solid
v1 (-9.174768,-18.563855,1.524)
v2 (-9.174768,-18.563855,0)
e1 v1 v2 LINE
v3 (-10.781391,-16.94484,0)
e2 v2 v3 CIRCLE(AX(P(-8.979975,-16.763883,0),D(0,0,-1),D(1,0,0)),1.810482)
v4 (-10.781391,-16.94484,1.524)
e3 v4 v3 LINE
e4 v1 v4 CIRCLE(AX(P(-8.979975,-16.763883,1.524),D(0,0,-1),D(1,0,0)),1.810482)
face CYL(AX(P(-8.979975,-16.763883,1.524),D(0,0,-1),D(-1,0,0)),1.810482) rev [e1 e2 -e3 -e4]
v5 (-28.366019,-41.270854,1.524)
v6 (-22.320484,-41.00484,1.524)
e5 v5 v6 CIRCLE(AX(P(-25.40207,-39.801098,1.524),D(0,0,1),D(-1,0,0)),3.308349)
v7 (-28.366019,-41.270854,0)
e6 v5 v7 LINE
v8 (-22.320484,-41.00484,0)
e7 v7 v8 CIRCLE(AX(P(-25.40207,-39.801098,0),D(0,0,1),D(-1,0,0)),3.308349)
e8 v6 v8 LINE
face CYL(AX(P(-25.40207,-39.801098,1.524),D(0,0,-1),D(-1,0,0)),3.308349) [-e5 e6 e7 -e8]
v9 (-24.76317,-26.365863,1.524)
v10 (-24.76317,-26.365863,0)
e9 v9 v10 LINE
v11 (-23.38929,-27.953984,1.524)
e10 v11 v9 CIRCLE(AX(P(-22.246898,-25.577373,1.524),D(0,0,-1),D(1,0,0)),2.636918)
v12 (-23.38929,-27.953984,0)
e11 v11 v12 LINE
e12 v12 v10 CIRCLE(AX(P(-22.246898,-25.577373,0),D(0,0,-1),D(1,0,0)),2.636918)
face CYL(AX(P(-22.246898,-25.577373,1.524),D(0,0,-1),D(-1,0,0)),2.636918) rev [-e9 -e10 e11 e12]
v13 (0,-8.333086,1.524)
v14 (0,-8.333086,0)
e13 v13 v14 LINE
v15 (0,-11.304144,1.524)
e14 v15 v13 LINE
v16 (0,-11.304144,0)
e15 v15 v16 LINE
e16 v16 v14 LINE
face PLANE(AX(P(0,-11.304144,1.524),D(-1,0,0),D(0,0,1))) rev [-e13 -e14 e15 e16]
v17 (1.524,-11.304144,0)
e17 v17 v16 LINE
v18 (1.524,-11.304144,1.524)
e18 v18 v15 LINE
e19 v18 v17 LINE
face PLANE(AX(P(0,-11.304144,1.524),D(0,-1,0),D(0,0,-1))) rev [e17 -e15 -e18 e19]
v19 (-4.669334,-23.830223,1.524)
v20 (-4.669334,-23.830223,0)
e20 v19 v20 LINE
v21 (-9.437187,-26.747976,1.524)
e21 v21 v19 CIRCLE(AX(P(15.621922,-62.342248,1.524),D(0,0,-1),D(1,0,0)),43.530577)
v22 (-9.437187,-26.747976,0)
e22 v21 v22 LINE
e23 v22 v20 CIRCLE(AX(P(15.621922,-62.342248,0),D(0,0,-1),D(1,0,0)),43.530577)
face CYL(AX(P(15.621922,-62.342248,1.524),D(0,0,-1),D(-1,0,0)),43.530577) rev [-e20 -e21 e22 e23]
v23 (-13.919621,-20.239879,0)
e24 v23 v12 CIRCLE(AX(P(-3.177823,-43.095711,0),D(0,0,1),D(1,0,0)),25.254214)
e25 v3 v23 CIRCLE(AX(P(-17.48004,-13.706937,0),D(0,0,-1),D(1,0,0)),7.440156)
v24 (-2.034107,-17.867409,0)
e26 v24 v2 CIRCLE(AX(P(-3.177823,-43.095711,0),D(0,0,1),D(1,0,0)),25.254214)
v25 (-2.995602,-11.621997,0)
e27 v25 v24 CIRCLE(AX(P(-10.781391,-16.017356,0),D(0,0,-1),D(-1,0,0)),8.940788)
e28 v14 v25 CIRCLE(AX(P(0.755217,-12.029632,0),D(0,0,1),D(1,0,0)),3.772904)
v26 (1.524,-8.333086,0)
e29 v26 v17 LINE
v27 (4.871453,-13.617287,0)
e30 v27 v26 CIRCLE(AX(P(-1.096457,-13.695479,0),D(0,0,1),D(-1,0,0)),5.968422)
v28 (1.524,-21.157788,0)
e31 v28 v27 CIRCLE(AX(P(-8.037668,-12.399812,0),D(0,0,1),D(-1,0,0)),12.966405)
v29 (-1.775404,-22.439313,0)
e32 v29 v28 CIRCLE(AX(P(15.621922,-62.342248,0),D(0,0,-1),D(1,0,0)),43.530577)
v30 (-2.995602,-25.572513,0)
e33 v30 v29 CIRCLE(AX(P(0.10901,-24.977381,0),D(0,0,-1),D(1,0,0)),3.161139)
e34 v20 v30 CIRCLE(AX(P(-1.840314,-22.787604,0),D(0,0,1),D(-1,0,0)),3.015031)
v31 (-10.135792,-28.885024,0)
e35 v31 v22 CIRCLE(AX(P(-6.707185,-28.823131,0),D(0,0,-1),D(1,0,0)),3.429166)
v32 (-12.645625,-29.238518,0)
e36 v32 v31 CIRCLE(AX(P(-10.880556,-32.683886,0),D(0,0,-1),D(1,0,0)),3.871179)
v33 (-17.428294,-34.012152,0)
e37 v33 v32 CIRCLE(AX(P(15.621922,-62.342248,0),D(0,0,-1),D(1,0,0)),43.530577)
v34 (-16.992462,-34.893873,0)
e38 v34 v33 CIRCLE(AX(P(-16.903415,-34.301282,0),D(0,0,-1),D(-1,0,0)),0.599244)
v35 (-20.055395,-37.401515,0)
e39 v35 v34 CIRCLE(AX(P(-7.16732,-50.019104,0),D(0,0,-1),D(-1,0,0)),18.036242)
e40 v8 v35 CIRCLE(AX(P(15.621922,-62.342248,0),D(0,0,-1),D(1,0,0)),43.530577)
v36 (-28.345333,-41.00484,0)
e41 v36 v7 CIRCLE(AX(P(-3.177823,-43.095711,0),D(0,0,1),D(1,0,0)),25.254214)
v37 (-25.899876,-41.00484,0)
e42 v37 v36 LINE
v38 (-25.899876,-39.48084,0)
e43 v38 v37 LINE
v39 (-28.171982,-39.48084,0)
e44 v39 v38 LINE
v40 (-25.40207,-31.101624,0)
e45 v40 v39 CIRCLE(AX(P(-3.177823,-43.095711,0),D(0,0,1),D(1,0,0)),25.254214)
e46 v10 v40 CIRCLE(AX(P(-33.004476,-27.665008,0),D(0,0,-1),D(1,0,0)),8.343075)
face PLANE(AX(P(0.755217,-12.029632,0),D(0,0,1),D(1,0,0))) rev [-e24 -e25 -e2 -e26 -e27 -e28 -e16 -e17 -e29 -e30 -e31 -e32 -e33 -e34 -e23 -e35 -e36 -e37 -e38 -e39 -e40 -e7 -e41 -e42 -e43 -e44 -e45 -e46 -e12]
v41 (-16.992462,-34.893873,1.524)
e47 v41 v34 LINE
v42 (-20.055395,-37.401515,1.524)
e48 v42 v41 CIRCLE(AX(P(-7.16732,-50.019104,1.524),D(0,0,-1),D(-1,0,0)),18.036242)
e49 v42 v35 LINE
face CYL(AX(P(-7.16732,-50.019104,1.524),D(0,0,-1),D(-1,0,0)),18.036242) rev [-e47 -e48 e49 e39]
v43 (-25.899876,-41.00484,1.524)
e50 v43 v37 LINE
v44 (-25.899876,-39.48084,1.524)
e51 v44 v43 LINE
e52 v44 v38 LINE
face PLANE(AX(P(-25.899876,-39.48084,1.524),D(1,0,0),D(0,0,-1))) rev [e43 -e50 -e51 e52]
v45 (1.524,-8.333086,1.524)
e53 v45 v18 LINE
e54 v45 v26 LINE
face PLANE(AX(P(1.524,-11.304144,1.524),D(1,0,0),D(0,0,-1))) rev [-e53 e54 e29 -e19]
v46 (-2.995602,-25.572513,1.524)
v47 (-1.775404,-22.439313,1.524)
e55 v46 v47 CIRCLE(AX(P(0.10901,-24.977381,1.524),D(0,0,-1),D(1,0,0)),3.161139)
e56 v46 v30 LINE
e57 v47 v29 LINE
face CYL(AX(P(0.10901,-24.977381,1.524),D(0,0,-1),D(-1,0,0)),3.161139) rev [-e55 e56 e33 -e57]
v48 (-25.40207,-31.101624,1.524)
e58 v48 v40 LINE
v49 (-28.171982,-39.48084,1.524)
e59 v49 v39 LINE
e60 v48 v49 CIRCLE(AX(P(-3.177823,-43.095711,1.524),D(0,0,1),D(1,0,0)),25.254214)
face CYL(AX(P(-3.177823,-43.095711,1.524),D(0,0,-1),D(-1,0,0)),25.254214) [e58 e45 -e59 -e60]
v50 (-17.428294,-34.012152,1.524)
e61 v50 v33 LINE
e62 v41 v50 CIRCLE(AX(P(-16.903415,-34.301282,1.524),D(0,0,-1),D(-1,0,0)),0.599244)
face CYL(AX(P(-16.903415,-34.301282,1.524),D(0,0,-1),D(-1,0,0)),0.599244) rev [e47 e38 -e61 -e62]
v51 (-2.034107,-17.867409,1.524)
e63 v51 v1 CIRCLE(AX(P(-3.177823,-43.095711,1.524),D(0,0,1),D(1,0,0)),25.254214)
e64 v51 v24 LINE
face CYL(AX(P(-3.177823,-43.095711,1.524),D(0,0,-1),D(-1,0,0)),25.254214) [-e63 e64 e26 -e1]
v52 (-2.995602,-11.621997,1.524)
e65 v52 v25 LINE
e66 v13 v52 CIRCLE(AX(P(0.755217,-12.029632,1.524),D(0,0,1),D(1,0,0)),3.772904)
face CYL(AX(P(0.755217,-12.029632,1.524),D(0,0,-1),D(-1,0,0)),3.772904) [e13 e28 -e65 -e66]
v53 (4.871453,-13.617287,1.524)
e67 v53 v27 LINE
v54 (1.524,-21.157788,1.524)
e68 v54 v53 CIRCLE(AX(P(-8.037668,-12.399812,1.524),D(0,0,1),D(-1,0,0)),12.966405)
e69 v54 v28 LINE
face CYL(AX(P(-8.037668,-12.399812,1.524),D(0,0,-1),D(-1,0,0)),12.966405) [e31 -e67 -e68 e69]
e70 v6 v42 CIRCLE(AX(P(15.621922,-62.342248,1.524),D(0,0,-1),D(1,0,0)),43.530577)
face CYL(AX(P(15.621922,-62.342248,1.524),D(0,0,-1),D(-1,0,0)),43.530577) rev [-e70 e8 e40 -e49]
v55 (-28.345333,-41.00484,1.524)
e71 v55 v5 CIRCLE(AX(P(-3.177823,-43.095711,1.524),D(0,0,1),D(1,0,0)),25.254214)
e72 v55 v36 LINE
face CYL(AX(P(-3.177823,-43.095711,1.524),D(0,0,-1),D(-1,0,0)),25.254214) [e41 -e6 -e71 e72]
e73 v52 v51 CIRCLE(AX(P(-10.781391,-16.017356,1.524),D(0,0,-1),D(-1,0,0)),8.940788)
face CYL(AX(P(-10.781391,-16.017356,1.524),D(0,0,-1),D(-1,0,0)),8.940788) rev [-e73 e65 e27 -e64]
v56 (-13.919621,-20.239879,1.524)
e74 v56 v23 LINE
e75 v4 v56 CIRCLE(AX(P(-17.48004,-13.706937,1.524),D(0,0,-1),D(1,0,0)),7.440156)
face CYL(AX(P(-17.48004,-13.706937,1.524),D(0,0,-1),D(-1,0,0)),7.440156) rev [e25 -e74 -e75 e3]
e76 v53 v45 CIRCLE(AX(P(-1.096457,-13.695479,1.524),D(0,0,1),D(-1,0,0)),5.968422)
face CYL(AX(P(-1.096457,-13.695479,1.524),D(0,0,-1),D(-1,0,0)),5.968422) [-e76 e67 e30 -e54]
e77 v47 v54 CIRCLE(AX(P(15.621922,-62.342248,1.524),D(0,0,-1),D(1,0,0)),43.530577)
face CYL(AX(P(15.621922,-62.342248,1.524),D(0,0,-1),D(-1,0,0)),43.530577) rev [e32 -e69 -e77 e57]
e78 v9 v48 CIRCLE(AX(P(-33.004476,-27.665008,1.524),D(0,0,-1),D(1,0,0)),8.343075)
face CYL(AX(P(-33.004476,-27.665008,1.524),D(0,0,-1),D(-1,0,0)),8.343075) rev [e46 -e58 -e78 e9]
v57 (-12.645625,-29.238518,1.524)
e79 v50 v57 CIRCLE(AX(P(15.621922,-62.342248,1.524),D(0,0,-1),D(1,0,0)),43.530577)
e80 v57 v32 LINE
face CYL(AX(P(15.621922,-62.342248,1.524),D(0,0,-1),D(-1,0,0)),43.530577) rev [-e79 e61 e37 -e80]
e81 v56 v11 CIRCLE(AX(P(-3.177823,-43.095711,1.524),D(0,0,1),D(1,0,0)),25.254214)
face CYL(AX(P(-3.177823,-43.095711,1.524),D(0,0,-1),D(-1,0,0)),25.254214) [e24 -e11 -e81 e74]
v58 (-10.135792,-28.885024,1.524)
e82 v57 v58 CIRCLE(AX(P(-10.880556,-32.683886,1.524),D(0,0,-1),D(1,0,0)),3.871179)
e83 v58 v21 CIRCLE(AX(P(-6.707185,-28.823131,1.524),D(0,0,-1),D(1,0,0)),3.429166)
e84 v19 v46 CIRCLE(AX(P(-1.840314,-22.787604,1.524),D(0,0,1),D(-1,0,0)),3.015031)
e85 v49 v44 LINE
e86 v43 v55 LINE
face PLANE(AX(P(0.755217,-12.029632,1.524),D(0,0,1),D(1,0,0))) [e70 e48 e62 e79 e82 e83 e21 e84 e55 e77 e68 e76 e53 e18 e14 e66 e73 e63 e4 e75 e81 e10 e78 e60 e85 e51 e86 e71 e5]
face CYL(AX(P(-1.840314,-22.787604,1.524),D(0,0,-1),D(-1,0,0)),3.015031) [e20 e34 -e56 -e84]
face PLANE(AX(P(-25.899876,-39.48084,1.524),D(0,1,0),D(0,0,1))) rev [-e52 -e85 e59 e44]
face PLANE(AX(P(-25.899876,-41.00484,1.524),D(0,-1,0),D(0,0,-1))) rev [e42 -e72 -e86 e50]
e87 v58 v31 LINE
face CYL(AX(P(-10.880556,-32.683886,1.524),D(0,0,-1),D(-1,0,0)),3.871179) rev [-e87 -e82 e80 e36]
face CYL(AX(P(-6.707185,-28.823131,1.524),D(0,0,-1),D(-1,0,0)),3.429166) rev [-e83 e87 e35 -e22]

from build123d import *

# Parameters (mm, degrees)
BOSS_EXTRUDE1_DEPTH = 1.524


with BuildPart() as part:
    # Sketch1 → Boss-Extrude1 (new body)
    with BuildSketch(Plane.XY):
        with BuildLine():
            Line((0, -11.304143944), (1.524, -11.304143944))
            Line((1.524, -11.304143944), (1.524, -8.333085901))
            ThreePointArc((1.524, -8.333085901), (3.945438138, -10.501523778), (4.87145261, -13.617287357))
            ThreePointArc((4.87145261, -13.617287357), (3.813444714, -17.660873454), (1.524, -21.157788112))
            ThreePointArc((1.524, -21.157788112), (-0.138732581, -21.765001835), (-1.77540365, -22.4393133))
            ThreePointArc((-1.77540365, -22.4393133), (-2.836636029, -23.830223279), (-2.99560227, -25.572513285))
            ThreePointArc((-2.99560227, -25.572513285), (-4.014612166, -24.876344883), (-4.669334398, -23.830223279))
            ThreePointArc((-4.669334398, -23.830223279), (-7.100142825, -25.212490369), (-9.437186958, -26.747976168))
            ThreePointArc((-9.437186958, -26.747976168), (-9.966611367, -27.75761792), (-10.13579223, -28.885024017))
            ThreePointArc((-10.13579223, -28.885024017), (-11.420458761, -28.850541305), (-12.64562455, -29.238518038))
            ThreePointArc((-12.64562455, -29.238518038), (-15.129726879, -31.532392213), (-17.428294378, -34.012152396))
            ThreePointArc((-17.428294378, -34.012152396), (-17.440615342, -34.566818357), (-16.992461897, -34.893872824))
            ThreePointArc((-16.992461897, -34.893872824), (-18.592932451, -36.063409356), (-20.055394787, -37.401514587))
            ThreePointArc((-20.055394787, -37.401514587), (-21.23200408, -39.175477677), (-22.32048354, -41.004840118))
            ThreePointArc((-22.32048354, -41.004840118), (-25.256637968, -43.106248561), (-28.366018586, -41.270854206))
            ThreePointArc((-28.366018586, -41.270854206), (-28.356027092, -41.137819843), (-28.345332967, -41.004840118))
            Line((-28.345332967, -41.004840118), (-25.899875794, -41.004840118))
            Line((-25.899875794, -41.004840118), (-25.899875794, -39.480840118))
            Line((-25.899875794, -39.480840118), (-28.171982443, -39.480840118))
            ThreePointArc((-28.171982443, -39.480840118), (-27.155881735, -35.169299836), (-25.402070376, -31.10162409))
            ThreePointArc((-25.402070376, -31.10162409), (-24.736304523, -28.780464694), (-24.763169881, -26.365862581))
            ThreePointArc((-24.763169881, -26.365862581), (-24.241136691, -27.302583764), (-23.389289994, -27.953984126))
            ThreePointArc((-23.389289994, -27.953984126), (-19.127839076, -23.515816288), (-13.919621322, -20.239878938))
            ThreePointArc((-13.919621322, -20.239878938), (-12.092421111, -18.838162319), (-10.781391169, -16.944839687))
            ThreePointArc((-10.781391169, -16.944839687), (-10.265088251, -18.039159093), (-9.174768374, -18.563855417))
            ThreePointArc((-9.174768374, -18.563855417), (-5.629295434, -17.960763676), (-2.03410657, -17.86740925))
            ThreePointArc((-2.03410657, -17.86740925), (-1.944710685, -14.656928393), (-2.99560227, -11.621997448))
            ThreePointArc((-2.99560227, -11.621997448), (-2.03410657, -9.489064634), (0, -8.333085901))
            Line((0, -8.333085901), (0, -11.304143944))
        make_face()
    extrude(amount=BOSS_EXTRUDE1_DEPTH)


solid = part.part
